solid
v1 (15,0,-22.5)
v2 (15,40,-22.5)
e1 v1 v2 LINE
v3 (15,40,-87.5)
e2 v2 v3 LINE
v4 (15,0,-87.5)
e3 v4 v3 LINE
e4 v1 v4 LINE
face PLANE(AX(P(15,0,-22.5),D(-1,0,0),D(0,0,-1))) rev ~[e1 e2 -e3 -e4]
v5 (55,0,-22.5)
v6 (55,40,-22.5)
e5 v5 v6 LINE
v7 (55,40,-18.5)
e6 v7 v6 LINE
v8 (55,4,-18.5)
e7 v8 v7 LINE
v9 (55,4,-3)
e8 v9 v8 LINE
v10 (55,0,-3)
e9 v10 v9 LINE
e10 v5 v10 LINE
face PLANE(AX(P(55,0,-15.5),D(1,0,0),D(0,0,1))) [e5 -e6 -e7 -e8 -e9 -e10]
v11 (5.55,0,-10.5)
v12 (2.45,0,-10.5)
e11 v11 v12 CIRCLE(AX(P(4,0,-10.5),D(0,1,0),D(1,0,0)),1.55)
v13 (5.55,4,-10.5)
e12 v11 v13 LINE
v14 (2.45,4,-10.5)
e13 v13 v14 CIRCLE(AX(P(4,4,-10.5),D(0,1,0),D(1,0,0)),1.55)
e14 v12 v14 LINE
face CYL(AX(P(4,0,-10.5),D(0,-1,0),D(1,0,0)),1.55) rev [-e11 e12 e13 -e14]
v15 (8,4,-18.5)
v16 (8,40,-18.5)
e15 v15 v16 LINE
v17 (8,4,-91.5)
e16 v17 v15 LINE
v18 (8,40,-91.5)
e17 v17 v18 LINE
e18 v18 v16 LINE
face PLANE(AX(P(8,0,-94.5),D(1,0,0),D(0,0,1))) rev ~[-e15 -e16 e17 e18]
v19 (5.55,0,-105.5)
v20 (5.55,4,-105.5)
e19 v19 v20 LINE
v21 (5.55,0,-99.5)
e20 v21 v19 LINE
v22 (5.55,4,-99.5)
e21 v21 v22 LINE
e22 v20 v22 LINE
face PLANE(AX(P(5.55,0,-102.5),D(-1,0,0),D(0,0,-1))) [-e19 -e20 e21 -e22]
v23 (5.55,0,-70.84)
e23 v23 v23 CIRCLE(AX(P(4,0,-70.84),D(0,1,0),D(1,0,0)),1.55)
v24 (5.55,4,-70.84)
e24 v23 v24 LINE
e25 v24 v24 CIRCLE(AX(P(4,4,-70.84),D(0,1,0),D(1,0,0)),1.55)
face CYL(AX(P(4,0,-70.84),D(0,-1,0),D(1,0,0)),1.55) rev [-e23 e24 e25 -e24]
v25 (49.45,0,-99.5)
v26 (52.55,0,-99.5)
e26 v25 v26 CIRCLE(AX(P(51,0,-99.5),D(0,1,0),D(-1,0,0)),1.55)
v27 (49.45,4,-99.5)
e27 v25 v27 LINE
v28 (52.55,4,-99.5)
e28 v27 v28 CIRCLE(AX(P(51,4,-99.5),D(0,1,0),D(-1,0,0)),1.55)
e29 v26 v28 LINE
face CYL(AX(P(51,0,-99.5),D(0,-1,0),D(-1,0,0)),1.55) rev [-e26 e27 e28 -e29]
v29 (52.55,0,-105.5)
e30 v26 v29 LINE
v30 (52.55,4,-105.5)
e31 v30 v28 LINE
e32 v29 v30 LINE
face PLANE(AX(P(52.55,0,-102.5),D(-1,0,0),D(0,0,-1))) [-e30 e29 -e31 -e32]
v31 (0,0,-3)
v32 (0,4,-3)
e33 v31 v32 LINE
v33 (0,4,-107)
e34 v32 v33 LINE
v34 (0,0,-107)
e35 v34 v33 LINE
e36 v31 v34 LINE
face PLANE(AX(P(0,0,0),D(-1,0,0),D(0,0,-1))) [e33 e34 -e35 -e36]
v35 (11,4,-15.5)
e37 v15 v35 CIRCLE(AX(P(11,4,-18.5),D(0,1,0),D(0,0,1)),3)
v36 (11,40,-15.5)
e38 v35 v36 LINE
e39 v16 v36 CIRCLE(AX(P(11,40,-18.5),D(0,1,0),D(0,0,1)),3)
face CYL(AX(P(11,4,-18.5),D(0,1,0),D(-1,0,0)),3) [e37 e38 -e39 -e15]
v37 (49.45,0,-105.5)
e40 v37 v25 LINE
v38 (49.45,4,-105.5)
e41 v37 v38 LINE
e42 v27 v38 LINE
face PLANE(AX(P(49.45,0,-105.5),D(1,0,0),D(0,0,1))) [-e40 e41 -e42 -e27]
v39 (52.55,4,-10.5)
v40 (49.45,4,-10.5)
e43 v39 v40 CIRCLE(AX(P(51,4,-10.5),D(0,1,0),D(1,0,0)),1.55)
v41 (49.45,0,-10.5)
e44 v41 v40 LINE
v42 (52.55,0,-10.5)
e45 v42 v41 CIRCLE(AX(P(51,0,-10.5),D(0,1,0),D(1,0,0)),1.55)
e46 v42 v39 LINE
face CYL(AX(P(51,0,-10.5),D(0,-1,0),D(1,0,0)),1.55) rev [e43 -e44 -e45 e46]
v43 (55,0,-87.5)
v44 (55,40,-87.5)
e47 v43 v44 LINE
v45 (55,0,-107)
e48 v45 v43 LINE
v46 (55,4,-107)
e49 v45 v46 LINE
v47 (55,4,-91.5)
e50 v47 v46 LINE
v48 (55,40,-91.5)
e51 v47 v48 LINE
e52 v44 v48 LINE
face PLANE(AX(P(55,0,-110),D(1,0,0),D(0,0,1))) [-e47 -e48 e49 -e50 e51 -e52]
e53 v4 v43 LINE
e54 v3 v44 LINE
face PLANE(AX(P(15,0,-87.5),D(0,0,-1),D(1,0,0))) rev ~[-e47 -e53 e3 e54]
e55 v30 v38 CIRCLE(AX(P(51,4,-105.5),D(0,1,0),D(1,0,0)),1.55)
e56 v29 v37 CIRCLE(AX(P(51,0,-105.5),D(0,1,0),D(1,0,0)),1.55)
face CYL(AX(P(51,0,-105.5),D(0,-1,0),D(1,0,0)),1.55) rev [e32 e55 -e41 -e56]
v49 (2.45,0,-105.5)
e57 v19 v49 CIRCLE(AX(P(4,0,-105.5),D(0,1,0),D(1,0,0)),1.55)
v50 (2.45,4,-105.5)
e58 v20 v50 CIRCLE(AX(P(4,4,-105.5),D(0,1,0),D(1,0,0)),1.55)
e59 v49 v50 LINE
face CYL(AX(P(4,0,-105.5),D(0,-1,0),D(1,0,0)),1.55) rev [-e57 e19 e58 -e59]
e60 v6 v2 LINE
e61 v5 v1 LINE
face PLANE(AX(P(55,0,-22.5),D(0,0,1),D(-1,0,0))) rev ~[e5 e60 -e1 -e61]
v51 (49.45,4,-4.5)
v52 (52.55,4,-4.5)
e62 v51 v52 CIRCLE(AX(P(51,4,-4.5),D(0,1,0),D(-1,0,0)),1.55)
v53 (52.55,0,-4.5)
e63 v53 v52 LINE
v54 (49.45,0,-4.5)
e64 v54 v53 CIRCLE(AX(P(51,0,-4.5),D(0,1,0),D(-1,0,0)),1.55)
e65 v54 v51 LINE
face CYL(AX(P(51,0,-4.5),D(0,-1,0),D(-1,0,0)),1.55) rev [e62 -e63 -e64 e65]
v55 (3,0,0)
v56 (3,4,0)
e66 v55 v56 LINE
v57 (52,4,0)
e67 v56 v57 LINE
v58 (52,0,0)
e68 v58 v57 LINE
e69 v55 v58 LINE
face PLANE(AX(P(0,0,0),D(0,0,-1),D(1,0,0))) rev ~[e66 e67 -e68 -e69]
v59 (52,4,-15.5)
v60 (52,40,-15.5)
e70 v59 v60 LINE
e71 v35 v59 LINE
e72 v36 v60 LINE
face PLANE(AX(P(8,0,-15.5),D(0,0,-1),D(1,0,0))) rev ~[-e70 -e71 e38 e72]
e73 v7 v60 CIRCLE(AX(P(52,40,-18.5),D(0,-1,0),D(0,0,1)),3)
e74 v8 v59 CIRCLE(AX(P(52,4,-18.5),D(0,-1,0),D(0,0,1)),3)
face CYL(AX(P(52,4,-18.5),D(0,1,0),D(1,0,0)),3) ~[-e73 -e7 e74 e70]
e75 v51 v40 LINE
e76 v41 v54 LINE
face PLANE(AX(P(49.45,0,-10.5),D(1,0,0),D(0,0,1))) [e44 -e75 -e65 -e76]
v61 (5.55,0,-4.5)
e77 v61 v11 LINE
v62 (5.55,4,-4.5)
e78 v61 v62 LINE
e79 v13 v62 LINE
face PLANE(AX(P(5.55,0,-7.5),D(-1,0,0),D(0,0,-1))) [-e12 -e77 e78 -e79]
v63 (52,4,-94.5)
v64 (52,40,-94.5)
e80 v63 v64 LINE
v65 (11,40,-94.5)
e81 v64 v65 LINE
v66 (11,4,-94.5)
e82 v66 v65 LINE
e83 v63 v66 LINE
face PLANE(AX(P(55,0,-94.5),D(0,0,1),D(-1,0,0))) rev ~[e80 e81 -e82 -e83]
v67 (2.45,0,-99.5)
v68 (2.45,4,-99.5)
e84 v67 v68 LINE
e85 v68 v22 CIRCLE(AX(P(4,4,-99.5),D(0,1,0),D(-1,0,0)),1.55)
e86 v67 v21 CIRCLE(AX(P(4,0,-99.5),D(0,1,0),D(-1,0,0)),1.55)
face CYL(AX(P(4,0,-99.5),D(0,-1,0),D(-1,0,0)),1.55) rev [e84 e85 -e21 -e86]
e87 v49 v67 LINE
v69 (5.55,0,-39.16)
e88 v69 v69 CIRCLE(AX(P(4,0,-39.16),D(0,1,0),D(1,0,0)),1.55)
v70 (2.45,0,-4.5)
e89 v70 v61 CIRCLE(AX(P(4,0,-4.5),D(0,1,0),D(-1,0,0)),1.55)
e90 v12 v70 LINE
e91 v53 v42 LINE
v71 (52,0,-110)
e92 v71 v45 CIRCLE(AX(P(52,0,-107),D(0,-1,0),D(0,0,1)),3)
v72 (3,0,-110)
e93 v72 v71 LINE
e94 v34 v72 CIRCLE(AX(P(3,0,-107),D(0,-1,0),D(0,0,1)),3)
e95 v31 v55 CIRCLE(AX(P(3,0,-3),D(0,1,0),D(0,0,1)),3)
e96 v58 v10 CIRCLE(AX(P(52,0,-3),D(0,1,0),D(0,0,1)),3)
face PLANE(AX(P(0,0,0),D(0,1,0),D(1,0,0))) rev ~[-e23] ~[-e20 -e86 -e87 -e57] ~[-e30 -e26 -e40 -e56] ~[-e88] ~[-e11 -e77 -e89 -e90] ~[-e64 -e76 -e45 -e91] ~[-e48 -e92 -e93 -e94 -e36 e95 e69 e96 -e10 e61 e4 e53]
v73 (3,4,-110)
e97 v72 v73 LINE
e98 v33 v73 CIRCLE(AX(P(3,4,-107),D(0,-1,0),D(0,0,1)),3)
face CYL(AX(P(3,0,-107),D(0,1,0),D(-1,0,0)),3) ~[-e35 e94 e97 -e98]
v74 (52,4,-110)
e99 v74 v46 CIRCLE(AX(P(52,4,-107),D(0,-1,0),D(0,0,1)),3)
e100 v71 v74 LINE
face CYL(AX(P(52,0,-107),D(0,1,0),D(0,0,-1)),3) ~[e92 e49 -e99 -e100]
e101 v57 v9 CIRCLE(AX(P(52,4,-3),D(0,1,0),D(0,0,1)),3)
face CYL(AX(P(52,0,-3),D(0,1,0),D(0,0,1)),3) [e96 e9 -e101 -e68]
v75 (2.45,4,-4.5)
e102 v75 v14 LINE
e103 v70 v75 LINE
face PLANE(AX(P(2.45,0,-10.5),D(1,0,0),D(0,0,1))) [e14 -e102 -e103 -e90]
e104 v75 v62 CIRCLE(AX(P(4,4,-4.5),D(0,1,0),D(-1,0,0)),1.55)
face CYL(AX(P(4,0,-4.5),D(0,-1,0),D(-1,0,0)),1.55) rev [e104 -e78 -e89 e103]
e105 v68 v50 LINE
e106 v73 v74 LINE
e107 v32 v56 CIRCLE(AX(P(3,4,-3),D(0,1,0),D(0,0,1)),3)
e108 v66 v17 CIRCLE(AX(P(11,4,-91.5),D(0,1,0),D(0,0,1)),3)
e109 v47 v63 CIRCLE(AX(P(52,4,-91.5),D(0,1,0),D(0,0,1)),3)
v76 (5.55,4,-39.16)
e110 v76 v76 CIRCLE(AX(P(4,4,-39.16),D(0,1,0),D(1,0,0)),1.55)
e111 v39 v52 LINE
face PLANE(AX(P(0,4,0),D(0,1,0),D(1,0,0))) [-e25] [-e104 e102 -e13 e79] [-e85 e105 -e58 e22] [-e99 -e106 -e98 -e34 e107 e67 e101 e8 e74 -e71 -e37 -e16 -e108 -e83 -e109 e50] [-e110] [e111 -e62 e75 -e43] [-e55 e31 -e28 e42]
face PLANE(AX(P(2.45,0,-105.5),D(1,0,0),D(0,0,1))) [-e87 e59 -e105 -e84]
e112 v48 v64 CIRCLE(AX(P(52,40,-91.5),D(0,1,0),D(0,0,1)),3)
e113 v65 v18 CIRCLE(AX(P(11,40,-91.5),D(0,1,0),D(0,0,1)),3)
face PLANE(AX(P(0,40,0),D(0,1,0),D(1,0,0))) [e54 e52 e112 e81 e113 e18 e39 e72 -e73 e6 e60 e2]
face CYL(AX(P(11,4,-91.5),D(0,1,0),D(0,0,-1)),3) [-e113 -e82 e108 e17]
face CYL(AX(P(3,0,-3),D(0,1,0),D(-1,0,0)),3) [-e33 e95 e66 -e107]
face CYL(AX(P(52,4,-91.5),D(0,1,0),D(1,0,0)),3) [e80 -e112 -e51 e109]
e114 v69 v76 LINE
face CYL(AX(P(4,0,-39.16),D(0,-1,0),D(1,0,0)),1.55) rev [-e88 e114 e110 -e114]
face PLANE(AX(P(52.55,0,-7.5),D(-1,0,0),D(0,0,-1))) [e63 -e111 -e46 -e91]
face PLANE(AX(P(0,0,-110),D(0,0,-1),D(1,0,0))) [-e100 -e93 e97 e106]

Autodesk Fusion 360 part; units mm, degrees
sketch "Sketch1" plane through (0, 0, 0) normal (0, 1, 0) x (1, 0, 0)
  line L0 (0, 0) -> (55, 0)
  line L1 (0, 0) -> (0, 110)
  line L2 (0, 110) -> (55, 110)
  line L3 (55, 110) -> (55, 94.5)
  line L4 (55, 94.5) -> (8, 94.5)
  line L5 (8, 94.5) -> (8, 15.5)
  line L6 (8, 15.5) -> (55, 15.5)
  line L7 (55, 15.5) -> (55, 0)
  line L8 (55, 15.5) -> (55, 22.5)
  line L9 (55, 22.5) -> (15, 22.5)
  line L10 (15, 22.5) -> (15, 87.5)
  line L11 (15, 87.5) -> (55, 87.5)
  line L12 (55, 87.5) -> (55, 94.5)
  line L13 (4, 0) -> (4, 110) construction
  circle A0 centre (51, 7.5) radius 1.55
  circle A1 centre (4, 7.5) radius 1.55
  circle A2 centre (4, 102.5) radius 1.55
  circle A3 centre (51, 102.5) radius 1.55
  circle A4 centre (4, 70.84) radius 1.55
  circle A5 centre (4, 39.16) radius 1.55
  line L14 (52.55, 4.5) -> (52.55, 10.5)
  arc A6 (52.55, 10.5) -> (49.45, 10.5) centre (51, 10.5) ccw
  line L15 (49.45, 10.5) -> (49.45, 4.5)
  arc A7 (49.45, 4.5) -> (52.55, 4.5) centre (51, 4.5) ccw
  line L16 (51, 4.5) -> (51, 10.5) construction
  line L17 (51, 99.5) -> (51, 105.5) construction
  line L18 (5.55, 99.5) -> (5.55, 105.5)
  arc A8 (5.55, 105.5) -> (2.45, 105.5) centre (4, 105.5) ccw
  line L19 (2.45, 105.5) -> (2.45, 99.5)
  arc A9 (2.45, 99.5) -> (5.55, 99.5) centre (4, 99.5) ccw
  line L20 (4, 99.5) -> (4, 105.5) construction
  line L21 (52.55, 99.5) -> (52.55, 105.5)
  arc A10 (52.55, 105.5) -> (49.45, 105.5) centre (51, 105.5) ccw
  line L22 (49.45, 105.5) -> (49.45, 99.5)
  arc A11 (49.45, 99.5) -> (52.55, 99.5) centre (51, 99.5) ccw
  line L23 (51, 99.5) -> (51, 105.5) construction
  line L24 (5.55, 4.5) -> (5.55, 10.5)
  arc A12 (5.55, 10.5) -> (2.45, 10.5) centre (4, 10.5) ccw
  line L25 (2.45, 10.5) -> (2.45, 4.5)
  arc A13 (2.45, 4.5) -> (5.55, 4.5) centre (4, 4.5) ccw
  line L26 (4, 4.5) -> (4, 10.5) construction
  point P0 (51, 7.5)
  point P1 (51, 102.5)
  point P2 (4, 102.5)
  point P3 (51, 102.5)
  point P4 (4, 7.5)
  dimension "d1" = 65
  dimension "d2" = 7
  dimension "d3" = 15.5
  dimension "d4" = 7
  dimension "d5" = 8
  dimension "d7" = 40
  dimension "d8" = 4
  dimension "d9" = 3.1
  dimension "d10" = 3.1
  dimension "d11" = 3.1
  dimension "d12" = 3.1
  dimension "d14" = 4
  dimension "d15" = 4
  dimension "d34" = 7.5
  dimension "d35" = 7.5
  dimension "d36" = 7.5
  dimension "d37" = 7.5
  dimension "d38" = 3.1
  dimension "d39" = 3.1
  dimension "d40" = 31.66
  dimension "d41" = 31.66
  dimension "d42" = 3.1
  dimension "d43" = 3.1
  dimension "d44" = 3.1
  dimension "d45" = 3.1
  dimension "d46" = 3
  dimension "d47" = 3
  dimension "d48" = 3
  dimension "d49" = 3
extrude "Extrude1" add sketch "Sketch1" along normal blind 4 contours L0 L1 L2 L3 L4 L5 L6 L7
extrude "Extrude2" add sketch "Sketch1" along normal blind 40 contours L4 L5 L6 L8 L9 L10 L11 L12
fillet "Fillet1" radius 3 6 edges at (55, 2, 0) (8, 22, -15.5) (0, 2, 0) (55, 2, -110) (8, 22, -94.5) (0, 2, -110)
fillet "Fillet1" radius 3 2 edges at (55, 22, -94.5) (55, 22, -15.5)
equation "d4 = d2"
equation "d10 = d9"
equation "d15 = d14"
equation "d42 = d9"
equation "d43 = d9"
equation "d44 = d9"
equation "d45 = d9"
equation "d47 = d46"
equation "d48 = d46"
equation "d49 = d46"
